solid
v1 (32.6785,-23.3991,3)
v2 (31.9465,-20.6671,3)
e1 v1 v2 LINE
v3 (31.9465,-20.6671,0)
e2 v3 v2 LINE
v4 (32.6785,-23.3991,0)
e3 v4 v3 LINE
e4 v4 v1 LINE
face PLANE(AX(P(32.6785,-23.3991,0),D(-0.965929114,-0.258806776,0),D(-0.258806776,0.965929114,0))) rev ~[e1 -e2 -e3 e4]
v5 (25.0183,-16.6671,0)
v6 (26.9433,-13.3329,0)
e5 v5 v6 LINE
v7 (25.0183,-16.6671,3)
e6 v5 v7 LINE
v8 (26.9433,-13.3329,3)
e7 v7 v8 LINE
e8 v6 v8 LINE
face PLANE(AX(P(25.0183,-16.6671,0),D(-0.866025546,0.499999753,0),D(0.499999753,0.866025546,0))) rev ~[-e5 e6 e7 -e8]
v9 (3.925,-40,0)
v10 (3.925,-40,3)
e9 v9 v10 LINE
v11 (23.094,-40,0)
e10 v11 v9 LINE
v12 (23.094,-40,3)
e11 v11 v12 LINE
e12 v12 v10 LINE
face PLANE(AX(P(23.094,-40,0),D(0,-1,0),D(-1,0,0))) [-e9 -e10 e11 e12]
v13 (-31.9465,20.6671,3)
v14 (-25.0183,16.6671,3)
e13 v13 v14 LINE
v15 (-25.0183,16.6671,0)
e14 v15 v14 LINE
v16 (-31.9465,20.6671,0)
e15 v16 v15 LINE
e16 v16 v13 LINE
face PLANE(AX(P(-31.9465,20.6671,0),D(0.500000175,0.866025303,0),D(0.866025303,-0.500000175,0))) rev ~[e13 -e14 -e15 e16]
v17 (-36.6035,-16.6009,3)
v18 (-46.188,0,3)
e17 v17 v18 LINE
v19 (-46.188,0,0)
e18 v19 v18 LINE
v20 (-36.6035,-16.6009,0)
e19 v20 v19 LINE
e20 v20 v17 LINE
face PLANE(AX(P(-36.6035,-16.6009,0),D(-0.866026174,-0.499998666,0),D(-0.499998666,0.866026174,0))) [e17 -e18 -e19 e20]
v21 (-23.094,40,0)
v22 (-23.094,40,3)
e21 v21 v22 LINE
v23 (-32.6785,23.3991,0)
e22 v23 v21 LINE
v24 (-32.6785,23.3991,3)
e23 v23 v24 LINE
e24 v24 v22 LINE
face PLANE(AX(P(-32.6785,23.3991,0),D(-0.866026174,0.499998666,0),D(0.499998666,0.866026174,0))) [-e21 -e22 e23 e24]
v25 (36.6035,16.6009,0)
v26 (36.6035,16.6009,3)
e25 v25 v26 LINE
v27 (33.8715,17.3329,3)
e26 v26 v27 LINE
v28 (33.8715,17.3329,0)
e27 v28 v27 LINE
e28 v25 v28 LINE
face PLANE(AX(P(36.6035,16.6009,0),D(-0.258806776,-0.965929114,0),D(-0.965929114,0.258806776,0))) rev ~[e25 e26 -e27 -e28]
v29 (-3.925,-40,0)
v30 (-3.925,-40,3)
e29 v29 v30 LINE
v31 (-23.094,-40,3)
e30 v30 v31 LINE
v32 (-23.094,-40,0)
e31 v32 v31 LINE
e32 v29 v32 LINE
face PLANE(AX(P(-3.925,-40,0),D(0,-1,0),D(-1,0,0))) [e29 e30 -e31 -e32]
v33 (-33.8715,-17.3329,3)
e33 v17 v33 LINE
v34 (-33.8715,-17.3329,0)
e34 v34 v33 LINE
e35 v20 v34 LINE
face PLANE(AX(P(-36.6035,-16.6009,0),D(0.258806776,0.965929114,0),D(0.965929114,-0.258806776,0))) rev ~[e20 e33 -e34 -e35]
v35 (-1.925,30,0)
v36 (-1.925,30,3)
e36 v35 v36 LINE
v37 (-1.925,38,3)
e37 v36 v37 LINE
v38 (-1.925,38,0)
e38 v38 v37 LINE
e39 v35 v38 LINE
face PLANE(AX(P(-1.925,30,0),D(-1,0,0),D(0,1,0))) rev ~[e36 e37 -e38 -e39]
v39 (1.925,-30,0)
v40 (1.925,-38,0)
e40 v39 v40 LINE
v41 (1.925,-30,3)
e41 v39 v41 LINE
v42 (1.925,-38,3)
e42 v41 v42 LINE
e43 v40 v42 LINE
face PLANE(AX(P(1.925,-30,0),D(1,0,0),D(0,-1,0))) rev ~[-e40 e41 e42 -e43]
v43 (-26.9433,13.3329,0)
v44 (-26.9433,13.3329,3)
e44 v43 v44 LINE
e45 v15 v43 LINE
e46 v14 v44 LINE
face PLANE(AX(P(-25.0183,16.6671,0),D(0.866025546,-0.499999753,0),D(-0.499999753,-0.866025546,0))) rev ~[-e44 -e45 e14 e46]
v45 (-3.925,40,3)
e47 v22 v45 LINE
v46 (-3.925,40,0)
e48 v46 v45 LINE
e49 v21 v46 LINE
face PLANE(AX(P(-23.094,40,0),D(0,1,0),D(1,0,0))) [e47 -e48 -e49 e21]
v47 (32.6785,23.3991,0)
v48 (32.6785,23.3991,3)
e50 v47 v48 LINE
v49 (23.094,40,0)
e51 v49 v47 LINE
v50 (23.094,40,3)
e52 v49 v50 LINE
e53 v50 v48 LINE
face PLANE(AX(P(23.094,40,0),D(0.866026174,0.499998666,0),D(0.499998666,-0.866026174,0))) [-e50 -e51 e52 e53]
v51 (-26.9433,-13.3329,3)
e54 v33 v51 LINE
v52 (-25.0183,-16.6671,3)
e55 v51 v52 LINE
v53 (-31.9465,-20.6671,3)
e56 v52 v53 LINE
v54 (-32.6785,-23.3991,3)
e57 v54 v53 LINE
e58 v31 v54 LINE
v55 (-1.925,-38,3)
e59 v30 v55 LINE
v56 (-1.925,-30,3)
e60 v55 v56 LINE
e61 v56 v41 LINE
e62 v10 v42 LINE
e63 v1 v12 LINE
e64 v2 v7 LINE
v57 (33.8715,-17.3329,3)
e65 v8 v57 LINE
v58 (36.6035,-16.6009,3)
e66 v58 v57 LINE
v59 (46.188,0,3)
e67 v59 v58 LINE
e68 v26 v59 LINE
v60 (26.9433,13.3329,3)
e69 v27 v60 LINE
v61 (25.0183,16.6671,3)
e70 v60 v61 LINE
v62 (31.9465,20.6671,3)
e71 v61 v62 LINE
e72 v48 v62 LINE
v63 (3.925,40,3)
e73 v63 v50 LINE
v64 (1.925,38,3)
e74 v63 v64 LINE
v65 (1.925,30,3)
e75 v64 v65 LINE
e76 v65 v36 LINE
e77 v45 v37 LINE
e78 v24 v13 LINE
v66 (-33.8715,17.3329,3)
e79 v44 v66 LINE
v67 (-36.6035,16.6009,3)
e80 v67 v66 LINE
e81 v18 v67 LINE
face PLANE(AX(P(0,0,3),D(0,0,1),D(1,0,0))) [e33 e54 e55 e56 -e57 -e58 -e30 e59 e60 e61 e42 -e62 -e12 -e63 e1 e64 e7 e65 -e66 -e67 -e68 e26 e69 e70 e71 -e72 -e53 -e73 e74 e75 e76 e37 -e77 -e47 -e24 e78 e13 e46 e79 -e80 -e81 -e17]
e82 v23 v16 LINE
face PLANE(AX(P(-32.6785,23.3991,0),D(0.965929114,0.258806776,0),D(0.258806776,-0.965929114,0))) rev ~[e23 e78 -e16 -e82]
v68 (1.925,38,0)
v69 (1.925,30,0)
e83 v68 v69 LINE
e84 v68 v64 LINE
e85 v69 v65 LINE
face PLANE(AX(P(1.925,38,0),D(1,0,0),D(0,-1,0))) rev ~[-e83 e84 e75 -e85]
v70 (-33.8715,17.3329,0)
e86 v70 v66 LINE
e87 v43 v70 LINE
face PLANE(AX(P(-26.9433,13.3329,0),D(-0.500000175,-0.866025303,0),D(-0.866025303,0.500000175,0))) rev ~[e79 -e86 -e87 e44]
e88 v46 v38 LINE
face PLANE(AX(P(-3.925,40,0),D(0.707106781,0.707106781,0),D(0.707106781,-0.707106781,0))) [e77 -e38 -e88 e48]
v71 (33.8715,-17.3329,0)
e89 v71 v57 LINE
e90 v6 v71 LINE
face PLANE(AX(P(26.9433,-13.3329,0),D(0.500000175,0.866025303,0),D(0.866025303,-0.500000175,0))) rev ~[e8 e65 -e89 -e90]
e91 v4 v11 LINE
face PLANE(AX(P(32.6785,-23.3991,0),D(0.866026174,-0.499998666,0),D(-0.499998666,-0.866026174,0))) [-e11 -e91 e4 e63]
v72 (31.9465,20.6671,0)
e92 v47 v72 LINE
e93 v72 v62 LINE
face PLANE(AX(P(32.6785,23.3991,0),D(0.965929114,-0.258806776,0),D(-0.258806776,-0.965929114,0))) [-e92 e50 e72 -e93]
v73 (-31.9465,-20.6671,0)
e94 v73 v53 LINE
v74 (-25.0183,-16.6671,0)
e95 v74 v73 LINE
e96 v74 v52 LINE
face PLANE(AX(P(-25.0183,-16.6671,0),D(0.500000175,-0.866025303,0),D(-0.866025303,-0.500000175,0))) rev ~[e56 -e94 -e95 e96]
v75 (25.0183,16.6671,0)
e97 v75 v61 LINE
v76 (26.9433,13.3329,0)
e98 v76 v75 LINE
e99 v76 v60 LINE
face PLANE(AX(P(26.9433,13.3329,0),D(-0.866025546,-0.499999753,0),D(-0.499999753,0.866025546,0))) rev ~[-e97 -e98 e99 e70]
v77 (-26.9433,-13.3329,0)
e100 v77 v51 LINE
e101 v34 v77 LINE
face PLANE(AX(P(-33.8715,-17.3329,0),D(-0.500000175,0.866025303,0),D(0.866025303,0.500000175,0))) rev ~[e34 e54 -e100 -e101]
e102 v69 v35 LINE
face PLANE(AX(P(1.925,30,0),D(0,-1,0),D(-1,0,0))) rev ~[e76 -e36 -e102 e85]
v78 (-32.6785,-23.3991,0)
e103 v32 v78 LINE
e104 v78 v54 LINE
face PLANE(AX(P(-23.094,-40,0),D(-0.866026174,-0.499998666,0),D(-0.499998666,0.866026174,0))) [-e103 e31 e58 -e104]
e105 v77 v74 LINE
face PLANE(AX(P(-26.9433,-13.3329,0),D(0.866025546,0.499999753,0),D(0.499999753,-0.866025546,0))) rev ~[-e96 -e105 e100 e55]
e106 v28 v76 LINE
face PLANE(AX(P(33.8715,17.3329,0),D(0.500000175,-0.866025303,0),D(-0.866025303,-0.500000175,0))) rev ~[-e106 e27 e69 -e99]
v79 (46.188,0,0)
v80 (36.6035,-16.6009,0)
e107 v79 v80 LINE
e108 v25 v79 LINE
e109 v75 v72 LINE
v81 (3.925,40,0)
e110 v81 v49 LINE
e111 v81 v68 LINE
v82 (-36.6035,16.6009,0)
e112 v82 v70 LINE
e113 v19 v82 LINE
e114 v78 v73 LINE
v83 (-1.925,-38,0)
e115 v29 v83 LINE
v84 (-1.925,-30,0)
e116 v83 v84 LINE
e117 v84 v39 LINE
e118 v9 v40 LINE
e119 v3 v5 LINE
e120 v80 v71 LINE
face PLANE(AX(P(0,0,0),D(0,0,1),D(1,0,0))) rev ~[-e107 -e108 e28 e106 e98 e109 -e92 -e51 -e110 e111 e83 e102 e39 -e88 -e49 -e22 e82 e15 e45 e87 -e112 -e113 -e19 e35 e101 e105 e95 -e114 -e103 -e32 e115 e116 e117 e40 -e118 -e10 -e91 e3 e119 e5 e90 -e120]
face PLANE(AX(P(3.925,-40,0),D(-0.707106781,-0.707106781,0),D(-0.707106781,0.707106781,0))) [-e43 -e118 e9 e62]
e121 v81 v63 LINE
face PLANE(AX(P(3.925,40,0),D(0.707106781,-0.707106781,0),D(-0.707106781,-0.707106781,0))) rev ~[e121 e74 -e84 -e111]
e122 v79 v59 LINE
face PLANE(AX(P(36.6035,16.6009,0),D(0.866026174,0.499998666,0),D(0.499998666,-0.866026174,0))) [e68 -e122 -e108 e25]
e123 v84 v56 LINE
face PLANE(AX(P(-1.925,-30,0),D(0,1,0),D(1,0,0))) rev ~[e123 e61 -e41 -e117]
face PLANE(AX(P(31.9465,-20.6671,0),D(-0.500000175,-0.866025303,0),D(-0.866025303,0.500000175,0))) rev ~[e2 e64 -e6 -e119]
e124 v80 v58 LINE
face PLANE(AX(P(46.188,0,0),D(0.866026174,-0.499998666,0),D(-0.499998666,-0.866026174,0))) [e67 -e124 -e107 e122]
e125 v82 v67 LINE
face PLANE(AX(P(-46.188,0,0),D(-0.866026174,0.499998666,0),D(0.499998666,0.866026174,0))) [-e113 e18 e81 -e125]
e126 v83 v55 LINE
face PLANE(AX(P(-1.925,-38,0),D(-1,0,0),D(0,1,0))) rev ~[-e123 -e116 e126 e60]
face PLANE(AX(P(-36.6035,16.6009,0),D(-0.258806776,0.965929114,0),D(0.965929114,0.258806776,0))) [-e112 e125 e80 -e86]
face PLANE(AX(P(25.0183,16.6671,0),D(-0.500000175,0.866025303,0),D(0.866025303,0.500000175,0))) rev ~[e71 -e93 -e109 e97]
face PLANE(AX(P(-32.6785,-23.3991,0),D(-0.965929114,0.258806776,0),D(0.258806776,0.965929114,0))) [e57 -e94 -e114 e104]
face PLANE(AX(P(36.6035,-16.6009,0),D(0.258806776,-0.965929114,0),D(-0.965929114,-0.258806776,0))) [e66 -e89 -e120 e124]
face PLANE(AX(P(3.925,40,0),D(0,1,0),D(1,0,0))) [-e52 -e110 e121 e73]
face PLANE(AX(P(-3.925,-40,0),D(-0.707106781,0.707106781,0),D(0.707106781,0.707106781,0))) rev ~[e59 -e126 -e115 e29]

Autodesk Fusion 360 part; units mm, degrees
sketch "Sketch1" plane through (0, 0, 0) normal (0, 0, 1) x (1, 0, 0) in component "Component"
  line L0 (-4.9635, 8.6391) -> (5.0365, 8.6391)
  line L1 (-9.9634, 0.021) -> (-4.9634, 8.6813)
  line L2 (-4.9999, -8.6181) -> (-9.9999, 0.0422)
  line L3 (4.9635, -8.6391) -> (-5.0365, -8.6391)
  line L4 (9.9634, -0.021) -> (4.9634, -8.6813)
  line L5 (4.9999, 8.6181) -> (9.9999, -0.0422)
  dimension "d2" = 10
  dimension "d4" = 360
  dimension "d5" = 10
  dimension "d6" = 10
sketch "Sketch2" plane through (0, 0, 0) normal (0, 0, 1) x (1, 0, 0) in component "Component"
  line L0 (23.094, 40) -> (0, 0) construction
  line L1 (0, 0) -> (-23.094, 40) construction
  line L2 (1.925, 38) -> (1.925, 30)
  line L3 (1.925, 30) -> (-1.925, 30)
  line L4 (-1.925, 30) -> (-1.925, 38)
  line L5 (-23.094, 40) -> (-3.925, 40)
  line L6 (3.925, 40) -> (23.094, 40)
  line L7 (-3.925, 40) -> (-1.925, 38)
  line L8 (0, 30) -> (0, 40) construction
  line L9 (3.925, 40) -> (1.925, 38)
  line L10 (-32.6785, 23.3991) -> (-23.094, 40)
  line L11 (-32.6785, 23.3991) -> (-31.9465, 20.6671)
  line L12 (-26.9433, 13.3329) -> (-33.8715, 17.3329)
  line L13 (-25.9808, 15) -> (-34.641, 20) construction
  line L14 (-36.6035, 16.6009) -> (-33.8715, 17.3329)
  line L15 (-46.188, 0) -> (-36.6035, 16.6009)
  line L16 (-25.0183, 16.6671) -> (-26.9433, 13.3329)
  line L17 (-31.9465, 20.6671) -> (-25.0183, 16.6671)
  line L18 (-36.6035, -16.6009) -> (-46.188, 0)
  line L19 (-36.6035, -16.6009) -> (-33.8715, -17.3329)
  line L20 (-25.0183, -16.6671) -> (-31.9465, -20.6671)
  line L21 (-25.9808, -15) -> (-34.641, -20) construction
  line L22 (-32.6785, -23.3991) -> (-31.9465, -20.6671)
  line L23 (-23.094, -40) -> (-32.6785, -23.3991)
  line L24 (-26.9433, -13.3329) -> (-25.0183, -16.6671)
  line L25 (-33.8715, -17.3329) -> (-26.9433, -13.3329)
  line L26 (-3.925, -40) -> (-23.094, -40)
  line L27 (-3.925, -40) -> (-1.925, -38)
  line L28 (1.925, -30) -> (1.925, -38)
  line L29 (0, -30) -> (0, -40) construction
  line L30 (3.925, -40) -> (1.925, -38)
  line L31 (23.094, -40) -> (3.925, -40)
  line L32 (-1.925, -30) -> (1.925, -30)
  line L33 (-1.925, -38) -> (-1.925, -30)
  line L34 (32.6785, -23.3991) -> (23.094, -40)
  line L35 (32.6785, -23.3991) -> (31.9465, -20.6671)
  line L36 (26.9433, -13.3329) -> (33.8715, -17.3329)
  line L37 (25.9808, -15) -> (34.641, -20) construction
  line L38 (36.6035, -16.6009) -> (33.8715, -17.3329)
  line L39 (46.188, 0) -> (36.6035, -16.6009)
  line L40 (25.0183, -16.6671) -> (26.9433, -13.3329)
  line L41 (31.9465, -20.6671) -> (25.0183, -16.6671)
  line L42 (36.6035, 16.6009) -> (46.188, 0)
  line L43 (36.6035, 16.6009) -> (33.8715, 17.3329)
  line L44 (25.0183, 16.6671) -> (31.9465, 20.6671)
  line L45 (25.9808, 15) -> (34.641, 20) construction
  line L46 (32.6785, 23.3991) -> (31.9465, 20.6671)
  line L47 (23.094, 40) -> (32.6785, 23.3991)
  line L48 (26.9433, 13.3329) -> (25.0183, 16.6671)
  line L49 (33.8715, 17.3329) -> (26.9433, 13.3329)
  point P0 (0, 40)
  point P1 (0, 40)
  point P2 (-34.641, 20)
  point P3 (-34.641, 20)
  point P4 (-34.641, -20)
  point P5 (-34.641, -20)
  point P6 (0, -40)
  point P7 (0, -40)
  point P8 (34.641, -20)
  point P9 (34.641, -20)
  point P10 (34.641, 20)
  point P11 (34.641, 20)
  dimension "d8" = 40
  dimension "d10" = 60
  dimension "d22" = 45
  dimension "d23" = 2
  dimension "d24" = 3.85
  dimension "d25" = 10
  dimension "d27" = 360
extrude "Extrude1" add sketch "Sketch2" along normal blind 3
component "Component" placed x (1, 0, 0) y (0, 1, 0) z (0, 0, 1) at (0, 0, 0)
equation "Radius = 40 mm"
equation "d8 = Radius"
equation "NumberSides = 6"
equation "d10 = Angle"
equation "Angle = ( 360 / NumberSides ) * 1 deg"
equation "Thickness = 4 mm"
equation "Kerf = 0.15 mm"
equation "Slot = 10 mm"
equation "Chamfer_Angle = 45 deg"
equation "Chamfer_Size = 2 mm"
equation "d22 = Chamfer_Angle"
equation "d23 = Chamfer_Size"
equation "d24 = Thickness - Kerf"
equation "d25 = Slot"
equation "d26 = NumberSides"
